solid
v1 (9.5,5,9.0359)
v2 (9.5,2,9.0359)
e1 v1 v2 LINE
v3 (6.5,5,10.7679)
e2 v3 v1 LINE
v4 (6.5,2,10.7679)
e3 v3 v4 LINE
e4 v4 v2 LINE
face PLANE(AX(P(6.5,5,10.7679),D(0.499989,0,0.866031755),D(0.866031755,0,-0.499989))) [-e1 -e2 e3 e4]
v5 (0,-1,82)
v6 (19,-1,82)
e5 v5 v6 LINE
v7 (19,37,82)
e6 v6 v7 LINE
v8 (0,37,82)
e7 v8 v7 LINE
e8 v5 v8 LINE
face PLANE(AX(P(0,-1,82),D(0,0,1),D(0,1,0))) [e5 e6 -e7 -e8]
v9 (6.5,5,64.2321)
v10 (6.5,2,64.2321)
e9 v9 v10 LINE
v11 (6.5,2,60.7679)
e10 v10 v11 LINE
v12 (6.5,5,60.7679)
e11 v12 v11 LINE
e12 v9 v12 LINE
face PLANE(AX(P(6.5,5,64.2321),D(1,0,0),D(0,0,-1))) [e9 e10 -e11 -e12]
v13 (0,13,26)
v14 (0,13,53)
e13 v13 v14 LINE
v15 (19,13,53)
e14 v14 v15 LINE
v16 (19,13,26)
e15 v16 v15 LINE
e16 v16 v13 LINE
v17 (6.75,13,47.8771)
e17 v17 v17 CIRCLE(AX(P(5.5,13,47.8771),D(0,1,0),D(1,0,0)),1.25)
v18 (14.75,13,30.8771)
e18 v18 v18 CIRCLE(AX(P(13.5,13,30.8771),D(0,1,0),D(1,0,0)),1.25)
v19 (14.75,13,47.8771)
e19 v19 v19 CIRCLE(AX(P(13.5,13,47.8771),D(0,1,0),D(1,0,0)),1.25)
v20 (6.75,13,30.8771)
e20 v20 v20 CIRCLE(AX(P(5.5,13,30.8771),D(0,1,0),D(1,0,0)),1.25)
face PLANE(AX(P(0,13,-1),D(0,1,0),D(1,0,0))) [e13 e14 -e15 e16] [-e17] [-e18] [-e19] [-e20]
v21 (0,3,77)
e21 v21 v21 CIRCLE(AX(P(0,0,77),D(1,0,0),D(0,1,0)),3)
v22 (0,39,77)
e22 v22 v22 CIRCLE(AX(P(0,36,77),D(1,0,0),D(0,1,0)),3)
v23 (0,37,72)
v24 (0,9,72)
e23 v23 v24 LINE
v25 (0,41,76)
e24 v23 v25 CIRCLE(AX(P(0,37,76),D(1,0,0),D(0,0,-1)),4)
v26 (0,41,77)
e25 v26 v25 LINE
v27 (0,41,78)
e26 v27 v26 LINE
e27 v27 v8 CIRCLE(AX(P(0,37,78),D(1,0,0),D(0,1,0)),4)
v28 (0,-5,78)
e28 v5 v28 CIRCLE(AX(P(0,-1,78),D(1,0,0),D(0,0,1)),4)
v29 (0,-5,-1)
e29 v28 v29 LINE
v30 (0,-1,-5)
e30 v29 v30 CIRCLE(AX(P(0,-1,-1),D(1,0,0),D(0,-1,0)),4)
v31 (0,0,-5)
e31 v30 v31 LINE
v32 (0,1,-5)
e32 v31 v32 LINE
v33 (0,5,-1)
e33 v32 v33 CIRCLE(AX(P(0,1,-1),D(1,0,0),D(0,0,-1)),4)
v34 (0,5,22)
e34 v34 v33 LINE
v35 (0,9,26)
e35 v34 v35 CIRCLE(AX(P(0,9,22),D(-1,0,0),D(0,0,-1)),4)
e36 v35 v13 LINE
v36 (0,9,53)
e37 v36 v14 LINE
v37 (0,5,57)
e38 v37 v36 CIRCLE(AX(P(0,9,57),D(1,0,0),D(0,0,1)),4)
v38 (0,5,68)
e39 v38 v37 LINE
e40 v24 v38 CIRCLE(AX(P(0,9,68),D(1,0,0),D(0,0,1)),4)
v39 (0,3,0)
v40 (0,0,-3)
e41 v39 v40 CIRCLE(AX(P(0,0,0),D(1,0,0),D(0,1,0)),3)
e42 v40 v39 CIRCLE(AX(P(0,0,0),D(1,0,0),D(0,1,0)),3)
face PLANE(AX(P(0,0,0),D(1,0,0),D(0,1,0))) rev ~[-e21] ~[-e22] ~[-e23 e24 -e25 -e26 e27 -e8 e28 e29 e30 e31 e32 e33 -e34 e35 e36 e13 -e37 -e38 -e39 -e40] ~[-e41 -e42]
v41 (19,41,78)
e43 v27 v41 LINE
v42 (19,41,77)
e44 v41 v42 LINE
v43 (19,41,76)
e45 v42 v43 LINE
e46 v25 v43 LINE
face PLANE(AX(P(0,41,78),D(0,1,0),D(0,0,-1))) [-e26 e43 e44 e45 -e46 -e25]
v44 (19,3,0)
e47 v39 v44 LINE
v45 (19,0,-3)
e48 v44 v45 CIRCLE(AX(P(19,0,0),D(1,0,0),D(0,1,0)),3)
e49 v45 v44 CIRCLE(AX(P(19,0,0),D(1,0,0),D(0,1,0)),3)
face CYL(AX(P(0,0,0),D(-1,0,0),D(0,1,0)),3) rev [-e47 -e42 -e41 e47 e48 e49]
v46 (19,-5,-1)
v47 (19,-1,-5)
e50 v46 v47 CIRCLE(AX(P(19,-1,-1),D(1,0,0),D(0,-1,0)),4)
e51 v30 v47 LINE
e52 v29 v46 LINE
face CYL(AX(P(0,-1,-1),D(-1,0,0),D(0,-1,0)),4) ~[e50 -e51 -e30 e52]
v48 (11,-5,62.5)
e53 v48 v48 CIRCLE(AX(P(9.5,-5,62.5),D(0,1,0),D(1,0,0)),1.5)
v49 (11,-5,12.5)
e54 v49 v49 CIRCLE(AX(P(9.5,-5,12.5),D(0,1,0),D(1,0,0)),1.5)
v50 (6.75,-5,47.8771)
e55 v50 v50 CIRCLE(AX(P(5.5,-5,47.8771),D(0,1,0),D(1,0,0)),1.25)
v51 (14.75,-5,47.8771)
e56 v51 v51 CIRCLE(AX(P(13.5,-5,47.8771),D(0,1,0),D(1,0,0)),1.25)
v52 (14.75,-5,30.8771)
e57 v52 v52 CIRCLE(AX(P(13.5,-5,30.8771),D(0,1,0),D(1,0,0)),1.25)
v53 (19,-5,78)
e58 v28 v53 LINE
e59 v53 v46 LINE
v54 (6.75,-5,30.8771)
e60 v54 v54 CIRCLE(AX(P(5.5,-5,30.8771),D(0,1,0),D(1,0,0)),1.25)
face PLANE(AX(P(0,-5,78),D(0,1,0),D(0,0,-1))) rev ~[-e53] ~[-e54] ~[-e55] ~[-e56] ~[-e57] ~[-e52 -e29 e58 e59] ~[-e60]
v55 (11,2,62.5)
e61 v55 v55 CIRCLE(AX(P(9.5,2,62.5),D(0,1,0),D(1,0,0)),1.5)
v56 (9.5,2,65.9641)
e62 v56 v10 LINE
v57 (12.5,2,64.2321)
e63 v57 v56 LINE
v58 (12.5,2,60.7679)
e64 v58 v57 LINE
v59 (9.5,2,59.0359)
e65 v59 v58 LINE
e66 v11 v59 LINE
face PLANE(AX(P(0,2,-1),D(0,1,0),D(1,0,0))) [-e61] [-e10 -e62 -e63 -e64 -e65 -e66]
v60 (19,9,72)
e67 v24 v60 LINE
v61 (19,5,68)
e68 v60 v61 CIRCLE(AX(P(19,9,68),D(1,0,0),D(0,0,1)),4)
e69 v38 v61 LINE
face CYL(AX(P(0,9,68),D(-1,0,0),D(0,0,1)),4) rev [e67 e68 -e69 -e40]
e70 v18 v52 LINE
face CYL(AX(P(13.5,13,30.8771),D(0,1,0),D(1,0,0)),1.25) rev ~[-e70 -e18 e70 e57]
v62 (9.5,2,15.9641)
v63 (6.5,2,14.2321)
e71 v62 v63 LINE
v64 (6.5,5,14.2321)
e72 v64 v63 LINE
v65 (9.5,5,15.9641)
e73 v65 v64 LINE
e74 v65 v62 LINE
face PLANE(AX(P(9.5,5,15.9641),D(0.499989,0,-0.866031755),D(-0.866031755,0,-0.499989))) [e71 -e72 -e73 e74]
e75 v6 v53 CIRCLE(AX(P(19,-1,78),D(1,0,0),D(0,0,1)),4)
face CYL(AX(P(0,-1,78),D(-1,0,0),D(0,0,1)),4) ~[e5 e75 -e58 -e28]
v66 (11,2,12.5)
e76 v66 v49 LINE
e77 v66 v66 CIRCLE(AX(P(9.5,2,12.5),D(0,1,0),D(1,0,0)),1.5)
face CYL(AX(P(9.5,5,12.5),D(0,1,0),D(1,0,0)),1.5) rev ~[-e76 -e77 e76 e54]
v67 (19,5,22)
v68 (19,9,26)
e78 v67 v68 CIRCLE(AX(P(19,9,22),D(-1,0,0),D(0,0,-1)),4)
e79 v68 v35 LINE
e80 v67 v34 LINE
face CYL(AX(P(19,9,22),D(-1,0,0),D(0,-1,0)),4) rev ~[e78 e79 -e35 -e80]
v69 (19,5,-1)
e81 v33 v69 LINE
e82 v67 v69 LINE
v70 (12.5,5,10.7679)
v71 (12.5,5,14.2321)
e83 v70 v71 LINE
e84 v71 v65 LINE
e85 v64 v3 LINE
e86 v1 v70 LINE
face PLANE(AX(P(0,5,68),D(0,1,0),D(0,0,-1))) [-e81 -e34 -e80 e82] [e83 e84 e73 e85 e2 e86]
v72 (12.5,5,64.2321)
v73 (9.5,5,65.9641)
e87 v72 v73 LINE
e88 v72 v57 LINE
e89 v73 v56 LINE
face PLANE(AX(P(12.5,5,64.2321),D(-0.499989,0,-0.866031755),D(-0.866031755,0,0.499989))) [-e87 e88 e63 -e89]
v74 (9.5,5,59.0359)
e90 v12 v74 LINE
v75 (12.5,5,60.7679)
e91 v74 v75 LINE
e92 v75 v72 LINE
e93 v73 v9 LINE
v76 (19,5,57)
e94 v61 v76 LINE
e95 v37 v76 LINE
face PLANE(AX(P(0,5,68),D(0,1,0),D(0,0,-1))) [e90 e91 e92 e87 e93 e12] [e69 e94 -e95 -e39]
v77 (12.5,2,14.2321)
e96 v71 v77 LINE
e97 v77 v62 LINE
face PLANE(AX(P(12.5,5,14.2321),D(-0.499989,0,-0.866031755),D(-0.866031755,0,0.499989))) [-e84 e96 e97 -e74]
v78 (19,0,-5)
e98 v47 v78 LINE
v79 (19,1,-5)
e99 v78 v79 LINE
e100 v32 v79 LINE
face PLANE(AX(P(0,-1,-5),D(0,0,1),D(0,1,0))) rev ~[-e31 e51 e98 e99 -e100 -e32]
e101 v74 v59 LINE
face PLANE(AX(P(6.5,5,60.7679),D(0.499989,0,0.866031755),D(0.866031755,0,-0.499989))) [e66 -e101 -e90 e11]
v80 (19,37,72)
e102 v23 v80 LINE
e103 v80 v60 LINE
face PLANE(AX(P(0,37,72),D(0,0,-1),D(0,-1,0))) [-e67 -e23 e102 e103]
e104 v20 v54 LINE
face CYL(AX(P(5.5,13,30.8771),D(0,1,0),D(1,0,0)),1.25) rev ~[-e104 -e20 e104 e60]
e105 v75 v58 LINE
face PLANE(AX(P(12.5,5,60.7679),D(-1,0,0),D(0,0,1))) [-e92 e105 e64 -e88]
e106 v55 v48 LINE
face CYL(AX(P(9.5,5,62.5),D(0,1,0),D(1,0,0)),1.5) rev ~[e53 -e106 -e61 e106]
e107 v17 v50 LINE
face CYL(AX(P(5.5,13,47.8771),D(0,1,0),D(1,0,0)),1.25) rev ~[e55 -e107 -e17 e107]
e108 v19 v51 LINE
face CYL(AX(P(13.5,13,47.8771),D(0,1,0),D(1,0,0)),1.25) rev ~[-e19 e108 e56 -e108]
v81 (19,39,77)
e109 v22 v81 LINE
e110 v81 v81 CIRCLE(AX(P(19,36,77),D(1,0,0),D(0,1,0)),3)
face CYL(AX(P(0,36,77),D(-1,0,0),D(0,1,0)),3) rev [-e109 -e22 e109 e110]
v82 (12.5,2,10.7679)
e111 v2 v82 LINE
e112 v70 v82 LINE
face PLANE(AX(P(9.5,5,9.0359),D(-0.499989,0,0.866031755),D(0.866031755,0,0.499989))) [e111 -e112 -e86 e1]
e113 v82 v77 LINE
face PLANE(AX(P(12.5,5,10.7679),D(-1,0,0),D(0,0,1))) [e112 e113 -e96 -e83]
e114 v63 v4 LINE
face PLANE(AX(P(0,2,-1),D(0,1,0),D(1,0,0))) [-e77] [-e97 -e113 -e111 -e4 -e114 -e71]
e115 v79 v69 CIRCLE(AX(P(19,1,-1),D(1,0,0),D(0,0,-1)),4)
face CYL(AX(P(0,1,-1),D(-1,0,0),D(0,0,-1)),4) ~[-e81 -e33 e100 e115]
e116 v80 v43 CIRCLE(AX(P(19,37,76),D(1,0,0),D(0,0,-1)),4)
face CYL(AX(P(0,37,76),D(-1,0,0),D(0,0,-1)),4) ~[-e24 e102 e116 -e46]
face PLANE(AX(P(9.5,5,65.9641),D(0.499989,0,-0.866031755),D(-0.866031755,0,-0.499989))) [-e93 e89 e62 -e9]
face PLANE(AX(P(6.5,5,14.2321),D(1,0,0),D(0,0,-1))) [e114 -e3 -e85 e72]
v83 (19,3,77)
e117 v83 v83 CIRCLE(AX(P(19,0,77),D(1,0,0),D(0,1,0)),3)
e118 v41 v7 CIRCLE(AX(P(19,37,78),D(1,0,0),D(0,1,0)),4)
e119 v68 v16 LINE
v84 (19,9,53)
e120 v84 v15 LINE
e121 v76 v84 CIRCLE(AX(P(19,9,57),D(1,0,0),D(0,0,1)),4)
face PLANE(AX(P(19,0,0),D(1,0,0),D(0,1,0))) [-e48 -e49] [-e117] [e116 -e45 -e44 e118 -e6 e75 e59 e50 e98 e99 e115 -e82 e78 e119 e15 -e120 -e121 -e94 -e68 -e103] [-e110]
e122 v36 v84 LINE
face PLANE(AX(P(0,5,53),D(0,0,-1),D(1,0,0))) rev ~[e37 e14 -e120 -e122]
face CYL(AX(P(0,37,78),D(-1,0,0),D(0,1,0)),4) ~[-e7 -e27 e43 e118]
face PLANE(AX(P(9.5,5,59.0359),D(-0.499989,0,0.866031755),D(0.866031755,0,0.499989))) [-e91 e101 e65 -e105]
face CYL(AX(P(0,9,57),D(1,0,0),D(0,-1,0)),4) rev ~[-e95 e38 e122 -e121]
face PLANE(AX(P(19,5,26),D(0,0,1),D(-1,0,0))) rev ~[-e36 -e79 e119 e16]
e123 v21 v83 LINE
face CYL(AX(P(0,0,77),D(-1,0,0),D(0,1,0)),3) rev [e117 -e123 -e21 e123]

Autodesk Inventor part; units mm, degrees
ref_plane "YZ Plane" through (0, 0, 0) normal (1, 0, 0) x (0, 1, 0)
ref_plane "XZ Plane" through (0, 0, 0) normal (0, 1, 0) x (-1, 0, 0)
ref_plane "XY Plane" through (0, 0, 0) normal (0, 0, 1) x (1, 0, 0)
sketch "Sketch1" plane through (0, 0, 0) normal (1, 0, 0) x (0, 1, 0)
  circle A0 centre (0, 0) radius 3
  circle A1 centre (0, 77) radius 3
  circle A2 centre (36, 77) radius 3
  line L0 (-5, 78) -> (-5, -1)
  line L1 (-1, 82) -> (37, 82)
  line L2 (41, 78) -> (41, 76)
  line L3 (37, 72) -> (9, 72)
  line L4 (5, 68) -> (5, -1)
  line L5 (36, 77) -> (41, 77)
  line L6 (0, 0) -> (0, -5)
  line L7 (0, -5) -> (1, -5)
  line L8 (-1, -5) -> (0, -5)
  arc A3 (-1, 82) -> (-5, 78) centre (-1, 78) ccw
  arc A4 (-5, -1) -> (-1, -5) centre (-1, -1) ccw
  arc A5 (1, -5) -> (5, -1) centre (1, -1) ccw
  arc A6 (9, 72) -> (5, 68) centre (9, 68) ccw
  arc A7 (37, 72) -> (41, 76) centre (37, 76) ccw
  arc A8 (41, 78) -> (37, 82) centre (37, 78) ccw
  dimension "d0" = 6
  dimension "d1" = 77
  dimension "d3" = 10
  dimension "d4" = 5
  dimension "d5" = 4
  dimension "d6" = 10
  dimension "d9" = 46
extrude "Extrusion1" add sketch "Sketch1" along normal blind 19
sketch "Sketch3" plane through (0, 5, -1) normal (0, 1, 0) x (1, 0, 0)
  line L0 (19, 0) -> (19, -69) projected
  line L1 (19, -27) -> (0, -27)
  line L2 (0, -27) -> (0, -54)
  line L3 (0, -54) -> (19, -54)
  line L4 (19, -54) -> (19, -27)
  line L5 (0, 4) -> (19, 4) projected
  line L6 (0, -83) -> (19, -83) projected
  line L7 (0, 0) -> (0, -69) projected
  point P0 (0, -1)
  point P1 (19, -54)
  dimension "d15" = 31
  dimension "d16" = 29
extrude "Extrusion3" add sketch "Sketch3" along normal blind 8
fillet "Fillet1" radius 4 2 edges at (9.5, 5, 53) (9.5, 5, 26)
sketch "Sketch4" plane through (0, 5, -1) normal (0, 1, 0) x (1, 0, 0)
  line L0 (12.5, -15.2321) -> (9.5, -16.9641)
  line L1 (9.5, -16.9641) -> (6.5, -15.2321)
  line L2 (6.5, -15.2321) -> (6.5, -11.7679)
  line L3 (6.5, -11.7679) -> (9.5, -10.0359)
  line L4 (9.5, -10.0359) -> (12.5, -11.7679)
  line L5 (12.5, -11.7679) -> (12.5, -15.2321)
  line L6 (12.5, -65.2321) -> (9.5, -66.9641)
  line L7 (9.5, -66.9641) -> (6.5, -65.2321)
  line L8 (6.5, -65.2321) -> (6.5, -61.7679)
  line L9 (6.5, -61.7679) -> (9.5, -60.0359)
  line L10 (9.5, -60.0359) -> (12.5, -61.7679)
  line L11 (12.5, -61.7679) -> (12.5, -65.2321)
  line L12 (19, -58) -> (19, -69) projected
  line L13 (19, 0) -> (19, -23) projected
  line L14 (19, -23) -> (0, -23) projected
  line L15 (19, -27) -> (0, -27) projected
  line L16 (0, -54) -> (19, -54) projected
  circle A0 centre (9.5, -13.5) radius 1.5
  circle A1 centre (9.5, -63.5) radius 1.5
  point P0 (0, -1)
  point P1 (9.5, -23)
  dimension "d20" = 6
  dimension "d23" = 9.5
  dimension "d26" = 3
  dimension "d29" = 50
extrude "Extrusion4" cut sketch "Sketch4" against normal blind 3 contours L0 L1 L2 L3 L4 L5 | L6 L7 L8 L9 L10 L11 | A0 | A1
extrude "Extrusion5" cut sketch "Sketch4" against normal through all contours A0 | A1
sketch "Sketch5" plane through (0, 13, -1) normal (0, 1, 0) x (1, 0, 0)
  circle A0 centre (5.5, -31.8771) radius 1.25
  circle A1 centre (5.5, -48.8771) radius 1.25
  circle A2 centre (13.5, -31.8771) radius 1.25
  circle A3 centre (13.5, -48.8771) radius 1.25
  line L0 (19, -54) -> (19, -27) projected
  line L1 (0, -27) -> (0, -54) projected
  point P0 (0, -1)
  dimension "d30" = 2.5
  dimension "d31" = 17
  dimension "d32" = 5.5
  dimension "d33" = 5.5
extrude "Extrusion6" cut sketch "Sketch5" against normal through all
equation "\"d33\" = d32"
properties part number "wheel_mount"
